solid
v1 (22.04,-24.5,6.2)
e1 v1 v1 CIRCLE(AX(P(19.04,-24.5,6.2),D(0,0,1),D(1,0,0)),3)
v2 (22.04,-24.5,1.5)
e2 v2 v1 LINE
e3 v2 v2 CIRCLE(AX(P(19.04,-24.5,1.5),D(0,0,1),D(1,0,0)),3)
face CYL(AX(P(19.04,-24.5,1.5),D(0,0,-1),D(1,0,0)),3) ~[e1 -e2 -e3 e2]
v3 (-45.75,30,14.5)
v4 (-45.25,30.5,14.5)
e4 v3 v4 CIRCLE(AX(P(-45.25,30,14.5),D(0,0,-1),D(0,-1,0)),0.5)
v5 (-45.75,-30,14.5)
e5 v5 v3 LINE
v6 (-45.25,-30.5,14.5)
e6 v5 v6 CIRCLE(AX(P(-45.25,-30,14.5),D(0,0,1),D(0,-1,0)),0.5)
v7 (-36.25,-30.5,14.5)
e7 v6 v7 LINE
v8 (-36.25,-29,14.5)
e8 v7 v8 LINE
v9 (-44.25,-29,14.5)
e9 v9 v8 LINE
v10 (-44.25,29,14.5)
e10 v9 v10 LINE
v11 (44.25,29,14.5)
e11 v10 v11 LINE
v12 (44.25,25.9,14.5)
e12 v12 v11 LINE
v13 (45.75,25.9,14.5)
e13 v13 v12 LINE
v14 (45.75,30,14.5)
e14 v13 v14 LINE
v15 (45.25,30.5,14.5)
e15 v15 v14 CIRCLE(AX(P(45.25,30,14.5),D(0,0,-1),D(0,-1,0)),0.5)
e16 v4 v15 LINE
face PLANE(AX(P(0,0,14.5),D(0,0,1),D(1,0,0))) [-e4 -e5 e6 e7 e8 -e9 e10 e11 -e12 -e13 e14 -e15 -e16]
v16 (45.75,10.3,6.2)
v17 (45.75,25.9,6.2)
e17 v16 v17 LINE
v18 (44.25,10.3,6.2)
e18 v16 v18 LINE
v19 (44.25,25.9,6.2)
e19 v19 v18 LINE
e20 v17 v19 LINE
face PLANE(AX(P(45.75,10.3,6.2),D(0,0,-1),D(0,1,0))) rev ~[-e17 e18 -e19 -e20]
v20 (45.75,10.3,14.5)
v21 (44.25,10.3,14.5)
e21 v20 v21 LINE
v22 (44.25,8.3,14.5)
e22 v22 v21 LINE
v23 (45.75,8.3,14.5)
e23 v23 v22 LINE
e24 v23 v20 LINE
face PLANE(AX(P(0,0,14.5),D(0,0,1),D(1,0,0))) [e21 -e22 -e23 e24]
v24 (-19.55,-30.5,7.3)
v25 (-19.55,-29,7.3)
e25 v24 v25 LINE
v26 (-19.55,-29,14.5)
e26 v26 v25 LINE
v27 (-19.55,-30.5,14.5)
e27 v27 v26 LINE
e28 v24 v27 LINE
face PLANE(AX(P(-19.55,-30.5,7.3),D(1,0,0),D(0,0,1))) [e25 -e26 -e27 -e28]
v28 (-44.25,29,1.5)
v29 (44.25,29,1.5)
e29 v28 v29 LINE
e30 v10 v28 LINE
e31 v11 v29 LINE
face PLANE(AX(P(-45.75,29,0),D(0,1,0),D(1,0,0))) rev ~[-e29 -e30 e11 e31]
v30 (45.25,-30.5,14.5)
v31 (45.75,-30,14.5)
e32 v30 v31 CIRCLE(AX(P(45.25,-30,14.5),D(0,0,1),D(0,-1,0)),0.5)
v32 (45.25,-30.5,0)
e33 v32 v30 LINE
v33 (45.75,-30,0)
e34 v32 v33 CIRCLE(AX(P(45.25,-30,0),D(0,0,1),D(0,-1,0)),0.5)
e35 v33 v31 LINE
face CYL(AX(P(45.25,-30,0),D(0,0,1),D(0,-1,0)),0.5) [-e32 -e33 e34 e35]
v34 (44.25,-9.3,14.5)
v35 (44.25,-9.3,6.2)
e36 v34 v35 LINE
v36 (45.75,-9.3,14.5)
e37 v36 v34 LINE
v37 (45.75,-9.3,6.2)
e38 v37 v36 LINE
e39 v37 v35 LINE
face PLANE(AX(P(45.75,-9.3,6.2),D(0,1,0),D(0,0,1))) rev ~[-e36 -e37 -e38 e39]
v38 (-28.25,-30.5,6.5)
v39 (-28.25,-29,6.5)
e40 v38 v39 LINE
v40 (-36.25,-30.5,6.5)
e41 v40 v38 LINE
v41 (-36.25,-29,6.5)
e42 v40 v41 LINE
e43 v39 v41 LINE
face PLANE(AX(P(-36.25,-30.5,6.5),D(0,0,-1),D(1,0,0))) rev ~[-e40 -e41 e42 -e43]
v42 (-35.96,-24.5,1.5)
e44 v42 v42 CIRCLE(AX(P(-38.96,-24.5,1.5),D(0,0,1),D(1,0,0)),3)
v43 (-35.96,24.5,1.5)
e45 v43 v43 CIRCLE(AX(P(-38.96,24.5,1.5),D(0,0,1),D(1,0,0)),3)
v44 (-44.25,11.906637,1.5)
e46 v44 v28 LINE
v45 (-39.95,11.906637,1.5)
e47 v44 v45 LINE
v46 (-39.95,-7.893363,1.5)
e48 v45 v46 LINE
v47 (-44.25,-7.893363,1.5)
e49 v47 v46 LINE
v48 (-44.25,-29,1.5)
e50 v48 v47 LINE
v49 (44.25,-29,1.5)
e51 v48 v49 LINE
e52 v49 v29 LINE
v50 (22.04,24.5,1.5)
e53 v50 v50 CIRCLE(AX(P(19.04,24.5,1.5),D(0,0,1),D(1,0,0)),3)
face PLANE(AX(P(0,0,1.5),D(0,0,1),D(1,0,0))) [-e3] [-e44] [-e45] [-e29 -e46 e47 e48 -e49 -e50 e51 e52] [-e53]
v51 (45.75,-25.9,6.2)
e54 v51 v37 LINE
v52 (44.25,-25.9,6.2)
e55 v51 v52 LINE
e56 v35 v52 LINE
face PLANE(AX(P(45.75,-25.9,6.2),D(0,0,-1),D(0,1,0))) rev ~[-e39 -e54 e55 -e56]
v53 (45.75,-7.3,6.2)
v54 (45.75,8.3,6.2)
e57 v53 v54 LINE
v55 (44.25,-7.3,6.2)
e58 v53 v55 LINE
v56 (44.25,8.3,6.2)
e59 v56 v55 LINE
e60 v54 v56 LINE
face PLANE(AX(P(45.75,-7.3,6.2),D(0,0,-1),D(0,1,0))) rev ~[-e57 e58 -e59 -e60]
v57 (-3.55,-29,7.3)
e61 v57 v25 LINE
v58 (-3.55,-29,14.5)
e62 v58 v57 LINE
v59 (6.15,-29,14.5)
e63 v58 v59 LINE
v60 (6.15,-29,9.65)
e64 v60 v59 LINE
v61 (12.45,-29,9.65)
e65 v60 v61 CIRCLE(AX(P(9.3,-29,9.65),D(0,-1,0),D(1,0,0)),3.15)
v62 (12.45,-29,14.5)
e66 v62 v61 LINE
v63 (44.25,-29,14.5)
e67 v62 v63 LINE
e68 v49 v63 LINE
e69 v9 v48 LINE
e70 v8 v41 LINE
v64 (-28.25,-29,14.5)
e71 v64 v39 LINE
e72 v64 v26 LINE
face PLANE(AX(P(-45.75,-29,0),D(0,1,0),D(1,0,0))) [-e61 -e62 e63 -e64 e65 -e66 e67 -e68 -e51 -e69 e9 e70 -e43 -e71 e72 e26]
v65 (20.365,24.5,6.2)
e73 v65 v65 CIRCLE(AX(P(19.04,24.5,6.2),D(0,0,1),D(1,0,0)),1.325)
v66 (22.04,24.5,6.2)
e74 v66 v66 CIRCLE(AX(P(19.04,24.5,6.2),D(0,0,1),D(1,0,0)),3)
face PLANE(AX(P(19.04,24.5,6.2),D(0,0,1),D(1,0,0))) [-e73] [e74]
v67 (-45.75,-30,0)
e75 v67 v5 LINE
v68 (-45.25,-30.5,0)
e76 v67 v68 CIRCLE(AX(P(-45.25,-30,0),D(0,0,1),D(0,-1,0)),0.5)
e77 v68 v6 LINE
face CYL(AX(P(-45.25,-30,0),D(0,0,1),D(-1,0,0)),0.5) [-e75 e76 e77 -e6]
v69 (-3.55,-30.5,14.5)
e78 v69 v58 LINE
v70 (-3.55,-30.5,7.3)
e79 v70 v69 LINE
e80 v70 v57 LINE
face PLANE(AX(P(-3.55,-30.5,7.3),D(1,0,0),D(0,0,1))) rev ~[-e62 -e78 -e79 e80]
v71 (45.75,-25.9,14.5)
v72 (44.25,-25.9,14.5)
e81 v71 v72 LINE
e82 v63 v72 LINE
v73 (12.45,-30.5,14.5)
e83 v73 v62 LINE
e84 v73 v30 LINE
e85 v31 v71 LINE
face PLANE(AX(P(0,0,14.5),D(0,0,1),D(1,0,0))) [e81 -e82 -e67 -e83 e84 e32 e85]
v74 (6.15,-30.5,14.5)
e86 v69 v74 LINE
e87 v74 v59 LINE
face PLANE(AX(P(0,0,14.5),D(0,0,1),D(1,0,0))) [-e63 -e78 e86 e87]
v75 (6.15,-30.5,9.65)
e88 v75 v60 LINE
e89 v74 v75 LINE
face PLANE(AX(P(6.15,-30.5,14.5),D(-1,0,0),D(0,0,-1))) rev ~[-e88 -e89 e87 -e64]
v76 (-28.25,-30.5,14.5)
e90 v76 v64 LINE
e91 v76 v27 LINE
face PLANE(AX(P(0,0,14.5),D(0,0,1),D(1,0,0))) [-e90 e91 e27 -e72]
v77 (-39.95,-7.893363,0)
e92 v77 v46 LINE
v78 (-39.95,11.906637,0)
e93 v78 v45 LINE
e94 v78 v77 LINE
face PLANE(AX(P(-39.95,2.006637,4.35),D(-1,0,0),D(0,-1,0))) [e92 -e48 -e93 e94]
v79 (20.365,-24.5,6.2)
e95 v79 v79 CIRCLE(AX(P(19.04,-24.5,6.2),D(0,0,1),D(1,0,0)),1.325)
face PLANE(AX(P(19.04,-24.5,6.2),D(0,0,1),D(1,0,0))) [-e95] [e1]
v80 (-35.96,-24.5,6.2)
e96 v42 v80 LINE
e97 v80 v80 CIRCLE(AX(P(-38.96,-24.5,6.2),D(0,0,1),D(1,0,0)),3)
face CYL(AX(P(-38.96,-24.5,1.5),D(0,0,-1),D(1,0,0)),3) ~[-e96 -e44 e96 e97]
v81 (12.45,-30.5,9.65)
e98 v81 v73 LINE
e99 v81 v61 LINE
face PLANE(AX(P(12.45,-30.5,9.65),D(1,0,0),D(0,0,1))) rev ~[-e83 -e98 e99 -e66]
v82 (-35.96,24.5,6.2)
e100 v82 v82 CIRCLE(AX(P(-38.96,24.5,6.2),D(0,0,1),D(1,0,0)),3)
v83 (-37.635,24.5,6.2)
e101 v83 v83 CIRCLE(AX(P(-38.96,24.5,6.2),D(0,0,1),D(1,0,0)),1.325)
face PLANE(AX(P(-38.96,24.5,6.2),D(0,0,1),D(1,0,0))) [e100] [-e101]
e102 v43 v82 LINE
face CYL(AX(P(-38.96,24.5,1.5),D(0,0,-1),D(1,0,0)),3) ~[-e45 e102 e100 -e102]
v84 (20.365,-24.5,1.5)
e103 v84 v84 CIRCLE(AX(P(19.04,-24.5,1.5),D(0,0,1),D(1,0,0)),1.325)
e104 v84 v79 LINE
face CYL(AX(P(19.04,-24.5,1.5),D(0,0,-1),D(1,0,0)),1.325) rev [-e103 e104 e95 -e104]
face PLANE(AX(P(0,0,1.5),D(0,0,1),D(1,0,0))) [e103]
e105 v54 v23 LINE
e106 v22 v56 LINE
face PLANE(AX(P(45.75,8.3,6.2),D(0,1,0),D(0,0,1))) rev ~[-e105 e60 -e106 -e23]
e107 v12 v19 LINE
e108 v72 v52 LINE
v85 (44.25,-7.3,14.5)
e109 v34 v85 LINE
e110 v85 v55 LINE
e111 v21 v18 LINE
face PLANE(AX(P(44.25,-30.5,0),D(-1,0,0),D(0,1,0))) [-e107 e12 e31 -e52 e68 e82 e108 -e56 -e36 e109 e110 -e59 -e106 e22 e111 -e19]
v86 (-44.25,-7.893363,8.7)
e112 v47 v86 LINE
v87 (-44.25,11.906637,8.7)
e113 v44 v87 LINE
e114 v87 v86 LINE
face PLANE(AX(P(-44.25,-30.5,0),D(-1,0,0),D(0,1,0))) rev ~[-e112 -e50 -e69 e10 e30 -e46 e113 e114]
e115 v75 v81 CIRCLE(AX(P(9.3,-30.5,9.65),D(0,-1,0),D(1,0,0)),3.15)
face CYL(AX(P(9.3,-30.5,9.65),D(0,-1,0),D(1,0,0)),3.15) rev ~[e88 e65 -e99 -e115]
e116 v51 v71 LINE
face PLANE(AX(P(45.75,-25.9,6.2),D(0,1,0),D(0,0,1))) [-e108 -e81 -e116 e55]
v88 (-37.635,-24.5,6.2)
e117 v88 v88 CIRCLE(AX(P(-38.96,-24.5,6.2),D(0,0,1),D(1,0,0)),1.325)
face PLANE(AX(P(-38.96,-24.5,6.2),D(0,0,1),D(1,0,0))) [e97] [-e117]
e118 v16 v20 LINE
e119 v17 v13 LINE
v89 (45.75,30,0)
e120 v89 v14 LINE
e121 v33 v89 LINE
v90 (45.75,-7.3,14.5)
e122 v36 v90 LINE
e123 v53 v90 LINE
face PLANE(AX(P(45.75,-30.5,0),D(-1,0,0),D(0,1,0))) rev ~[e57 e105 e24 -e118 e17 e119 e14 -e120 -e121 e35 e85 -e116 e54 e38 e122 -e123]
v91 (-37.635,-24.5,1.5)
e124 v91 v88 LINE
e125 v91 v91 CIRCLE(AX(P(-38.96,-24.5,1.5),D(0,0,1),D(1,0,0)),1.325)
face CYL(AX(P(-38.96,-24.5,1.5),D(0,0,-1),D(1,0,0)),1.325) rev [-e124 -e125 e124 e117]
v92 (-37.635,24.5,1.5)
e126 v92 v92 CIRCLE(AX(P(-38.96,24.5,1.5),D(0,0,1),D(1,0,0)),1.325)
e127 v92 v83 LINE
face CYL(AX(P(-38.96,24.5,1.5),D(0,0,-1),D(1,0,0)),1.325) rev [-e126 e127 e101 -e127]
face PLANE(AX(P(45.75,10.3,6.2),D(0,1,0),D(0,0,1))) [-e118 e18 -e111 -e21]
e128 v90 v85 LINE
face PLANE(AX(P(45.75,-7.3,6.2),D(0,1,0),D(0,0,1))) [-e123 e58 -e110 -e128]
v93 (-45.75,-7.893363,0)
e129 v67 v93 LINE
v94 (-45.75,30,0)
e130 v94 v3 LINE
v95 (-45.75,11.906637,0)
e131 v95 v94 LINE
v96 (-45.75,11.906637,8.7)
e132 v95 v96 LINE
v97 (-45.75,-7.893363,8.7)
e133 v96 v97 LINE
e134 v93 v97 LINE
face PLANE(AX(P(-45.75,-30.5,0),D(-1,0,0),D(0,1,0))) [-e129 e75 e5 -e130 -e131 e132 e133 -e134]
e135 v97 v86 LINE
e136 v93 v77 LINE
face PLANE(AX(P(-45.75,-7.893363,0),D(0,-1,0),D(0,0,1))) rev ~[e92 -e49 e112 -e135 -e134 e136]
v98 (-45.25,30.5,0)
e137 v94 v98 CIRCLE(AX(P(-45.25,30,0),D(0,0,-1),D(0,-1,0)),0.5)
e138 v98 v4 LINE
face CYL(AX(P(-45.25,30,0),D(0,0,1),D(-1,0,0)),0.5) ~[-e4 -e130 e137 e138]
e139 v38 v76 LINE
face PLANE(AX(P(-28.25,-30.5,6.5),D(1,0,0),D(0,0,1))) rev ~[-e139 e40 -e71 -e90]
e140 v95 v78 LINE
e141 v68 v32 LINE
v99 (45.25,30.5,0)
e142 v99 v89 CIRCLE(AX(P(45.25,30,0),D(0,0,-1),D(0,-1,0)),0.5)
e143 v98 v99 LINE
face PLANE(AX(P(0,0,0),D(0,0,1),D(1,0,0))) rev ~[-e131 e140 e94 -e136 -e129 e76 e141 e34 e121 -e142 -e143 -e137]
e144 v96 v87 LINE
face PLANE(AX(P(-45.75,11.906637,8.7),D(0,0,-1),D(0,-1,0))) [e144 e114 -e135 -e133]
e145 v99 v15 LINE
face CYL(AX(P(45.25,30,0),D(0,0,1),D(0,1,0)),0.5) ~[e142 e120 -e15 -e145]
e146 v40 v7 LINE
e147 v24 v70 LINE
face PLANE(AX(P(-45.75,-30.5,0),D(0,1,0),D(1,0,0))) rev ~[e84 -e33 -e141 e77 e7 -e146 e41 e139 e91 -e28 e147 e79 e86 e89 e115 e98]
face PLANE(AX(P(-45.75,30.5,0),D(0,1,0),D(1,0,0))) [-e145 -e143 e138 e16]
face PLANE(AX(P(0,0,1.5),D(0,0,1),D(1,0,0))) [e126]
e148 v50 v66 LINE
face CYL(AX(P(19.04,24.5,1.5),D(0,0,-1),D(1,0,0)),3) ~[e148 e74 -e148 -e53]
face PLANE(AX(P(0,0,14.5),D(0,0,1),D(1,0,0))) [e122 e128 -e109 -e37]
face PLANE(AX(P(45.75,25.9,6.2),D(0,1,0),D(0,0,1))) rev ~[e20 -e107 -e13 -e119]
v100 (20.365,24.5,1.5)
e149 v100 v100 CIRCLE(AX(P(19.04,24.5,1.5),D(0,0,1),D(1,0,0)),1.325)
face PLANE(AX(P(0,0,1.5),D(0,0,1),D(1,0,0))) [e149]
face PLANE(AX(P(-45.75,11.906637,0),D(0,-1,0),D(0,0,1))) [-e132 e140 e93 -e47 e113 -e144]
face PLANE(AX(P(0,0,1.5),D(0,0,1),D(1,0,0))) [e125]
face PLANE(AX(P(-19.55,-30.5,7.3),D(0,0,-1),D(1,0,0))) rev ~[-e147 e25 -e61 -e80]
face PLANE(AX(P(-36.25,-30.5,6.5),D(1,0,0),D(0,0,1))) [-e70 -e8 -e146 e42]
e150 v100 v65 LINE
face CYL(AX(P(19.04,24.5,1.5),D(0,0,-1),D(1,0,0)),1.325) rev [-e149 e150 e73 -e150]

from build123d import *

# Parameters (mm, degrees)
F0_W      = 91.5
F0_H      = 61
F1_DEPTH  = 14.5
F2_T      = -1.5
F3_W      = 8
F3_H      = 8
F3_W_2    = 16
F3_H_2    = 7.2
F4_DEPTH  = 2.1
F5_W      = 19.8
F5_H      = 8.7
F6_DEPTH  = 5.8
F7_W      = 16.6
F7_H      = 8.3
F7_W_2    = 15.6
F8_DEPTH  = 3
F9_R      = 3
F9_R_2    = 1.325
F10_DEPTH = 4.7
F11_R     = 0.5


with BuildPart() as f1:
    # F0 (on Top) → F1 (new body)
    with BuildSketch(Plane.XY):
        Rectangle(F0_W, F0_H)
    extrude(amount=F1_DEPTH)

    # F2
    f2_openings = [f1.faces().sort_by_distance(p)[0] for p in [
        (0, 0, 14.5),
    ]]
    offset(amount=F2_T, openings=f2_openings)

    # F3 (on face) → F4 (cut)
    with BuildSketch(Plane.XZ.offset(30.5)):
        with Locations((-32.25, 10.5)):
            Rectangle(F3_W, F3_H)
        with Locations((-11.55, 10.9)):
            Rectangle(F3_W_2, F3_H_2)
        with BuildLine():
            ThreePointArc((6.15, 9.65), (9.3, 6.5), (12.45, 9.65))
            ThreePointArc((12.45, 9.65), (9.3, 12.8), (6.15, 9.65))
        make_face()
        with BuildLine():
            ThreePointArc((6.15, 9.65), (9.3, 12.8), (12.45, 9.65))
            Line((12.45, 9.65), (12.45, 14.5))
            Line((12.45, 14.5), (6.15, 14.5))
            Line((6.15, 14.5), (6.15, 9.65))
        make_face()
    extrude(amount=-F4_DEPTH, mode=Mode.SUBTRACT)

    # F5 (on face) → F6 (cut)
    with BuildSketch(Plane(origin=(-45.75, 0, 0), x_dir=(0, -1, 0), z_dir=(-1, 0, 0))):
        with Locations((-2.006637, 4.35)):
            Rectangle(F5_W, F5_H)
    extrude(amount=-F6_DEPTH, mode=Mode.SUBTRACT)

    # F7 (on face) → F8 (cut)
    with BuildSketch(Plane.YZ.offset(45.75)):
        with Locations((-17.6, 10.35)):
            Rectangle(F7_W, F7_H)
        with Locations((0.5, 10.35)):
            Rectangle(F7_W_2, F7_H)
        with Locations((18.1, 10.35)):
            Rectangle(F7_W_2, F7_H)
    extrude(amount=-F8_DEPTH, mode=Mode.SUBTRACT)

    # F9 (on face) → F10 (join)
    with BuildSketch(Plane.XY.offset(1.5)):
        with Locations((19.04, 24.5)):
            Circle(F9_R)
        with Locations((19.04, 24.5)):
            Circle(F9_R_2, mode=Mode.SUBTRACT)
        with Locations((19.04, -24.5)):
            Circle(F9_R)
        with Locations((19.04, -24.5)):
            Circle(F9_R_2, mode=Mode.SUBTRACT)
        with Locations((-38.96, 24.5)):
            Circle(F9_R)
        with Locations((-38.96, 24.5)):
            Circle(F9_R_2, mode=Mode.SUBTRACT)
        with Locations((-38.96, -24.5)):
            Circle(F9_R)
        with Locations((-38.96, -24.5)):
            Circle(F9_R_2, mode=Mode.SUBTRACT)
    extrude(amount=F10_DEPTH)

    # F11
    f11_edges = [f1.edges().sort_by_distance(p)[0] for p in [
        (-45.75, -30.5, 7.25),
        (-45.75, 30.5, 7.25),
        (45.75, -30.5, 7.25),
        (45.75, 30.5, 7.25),
    ]]
    fillet(f11_edges, radius=F11_R)


solid = f1.part
